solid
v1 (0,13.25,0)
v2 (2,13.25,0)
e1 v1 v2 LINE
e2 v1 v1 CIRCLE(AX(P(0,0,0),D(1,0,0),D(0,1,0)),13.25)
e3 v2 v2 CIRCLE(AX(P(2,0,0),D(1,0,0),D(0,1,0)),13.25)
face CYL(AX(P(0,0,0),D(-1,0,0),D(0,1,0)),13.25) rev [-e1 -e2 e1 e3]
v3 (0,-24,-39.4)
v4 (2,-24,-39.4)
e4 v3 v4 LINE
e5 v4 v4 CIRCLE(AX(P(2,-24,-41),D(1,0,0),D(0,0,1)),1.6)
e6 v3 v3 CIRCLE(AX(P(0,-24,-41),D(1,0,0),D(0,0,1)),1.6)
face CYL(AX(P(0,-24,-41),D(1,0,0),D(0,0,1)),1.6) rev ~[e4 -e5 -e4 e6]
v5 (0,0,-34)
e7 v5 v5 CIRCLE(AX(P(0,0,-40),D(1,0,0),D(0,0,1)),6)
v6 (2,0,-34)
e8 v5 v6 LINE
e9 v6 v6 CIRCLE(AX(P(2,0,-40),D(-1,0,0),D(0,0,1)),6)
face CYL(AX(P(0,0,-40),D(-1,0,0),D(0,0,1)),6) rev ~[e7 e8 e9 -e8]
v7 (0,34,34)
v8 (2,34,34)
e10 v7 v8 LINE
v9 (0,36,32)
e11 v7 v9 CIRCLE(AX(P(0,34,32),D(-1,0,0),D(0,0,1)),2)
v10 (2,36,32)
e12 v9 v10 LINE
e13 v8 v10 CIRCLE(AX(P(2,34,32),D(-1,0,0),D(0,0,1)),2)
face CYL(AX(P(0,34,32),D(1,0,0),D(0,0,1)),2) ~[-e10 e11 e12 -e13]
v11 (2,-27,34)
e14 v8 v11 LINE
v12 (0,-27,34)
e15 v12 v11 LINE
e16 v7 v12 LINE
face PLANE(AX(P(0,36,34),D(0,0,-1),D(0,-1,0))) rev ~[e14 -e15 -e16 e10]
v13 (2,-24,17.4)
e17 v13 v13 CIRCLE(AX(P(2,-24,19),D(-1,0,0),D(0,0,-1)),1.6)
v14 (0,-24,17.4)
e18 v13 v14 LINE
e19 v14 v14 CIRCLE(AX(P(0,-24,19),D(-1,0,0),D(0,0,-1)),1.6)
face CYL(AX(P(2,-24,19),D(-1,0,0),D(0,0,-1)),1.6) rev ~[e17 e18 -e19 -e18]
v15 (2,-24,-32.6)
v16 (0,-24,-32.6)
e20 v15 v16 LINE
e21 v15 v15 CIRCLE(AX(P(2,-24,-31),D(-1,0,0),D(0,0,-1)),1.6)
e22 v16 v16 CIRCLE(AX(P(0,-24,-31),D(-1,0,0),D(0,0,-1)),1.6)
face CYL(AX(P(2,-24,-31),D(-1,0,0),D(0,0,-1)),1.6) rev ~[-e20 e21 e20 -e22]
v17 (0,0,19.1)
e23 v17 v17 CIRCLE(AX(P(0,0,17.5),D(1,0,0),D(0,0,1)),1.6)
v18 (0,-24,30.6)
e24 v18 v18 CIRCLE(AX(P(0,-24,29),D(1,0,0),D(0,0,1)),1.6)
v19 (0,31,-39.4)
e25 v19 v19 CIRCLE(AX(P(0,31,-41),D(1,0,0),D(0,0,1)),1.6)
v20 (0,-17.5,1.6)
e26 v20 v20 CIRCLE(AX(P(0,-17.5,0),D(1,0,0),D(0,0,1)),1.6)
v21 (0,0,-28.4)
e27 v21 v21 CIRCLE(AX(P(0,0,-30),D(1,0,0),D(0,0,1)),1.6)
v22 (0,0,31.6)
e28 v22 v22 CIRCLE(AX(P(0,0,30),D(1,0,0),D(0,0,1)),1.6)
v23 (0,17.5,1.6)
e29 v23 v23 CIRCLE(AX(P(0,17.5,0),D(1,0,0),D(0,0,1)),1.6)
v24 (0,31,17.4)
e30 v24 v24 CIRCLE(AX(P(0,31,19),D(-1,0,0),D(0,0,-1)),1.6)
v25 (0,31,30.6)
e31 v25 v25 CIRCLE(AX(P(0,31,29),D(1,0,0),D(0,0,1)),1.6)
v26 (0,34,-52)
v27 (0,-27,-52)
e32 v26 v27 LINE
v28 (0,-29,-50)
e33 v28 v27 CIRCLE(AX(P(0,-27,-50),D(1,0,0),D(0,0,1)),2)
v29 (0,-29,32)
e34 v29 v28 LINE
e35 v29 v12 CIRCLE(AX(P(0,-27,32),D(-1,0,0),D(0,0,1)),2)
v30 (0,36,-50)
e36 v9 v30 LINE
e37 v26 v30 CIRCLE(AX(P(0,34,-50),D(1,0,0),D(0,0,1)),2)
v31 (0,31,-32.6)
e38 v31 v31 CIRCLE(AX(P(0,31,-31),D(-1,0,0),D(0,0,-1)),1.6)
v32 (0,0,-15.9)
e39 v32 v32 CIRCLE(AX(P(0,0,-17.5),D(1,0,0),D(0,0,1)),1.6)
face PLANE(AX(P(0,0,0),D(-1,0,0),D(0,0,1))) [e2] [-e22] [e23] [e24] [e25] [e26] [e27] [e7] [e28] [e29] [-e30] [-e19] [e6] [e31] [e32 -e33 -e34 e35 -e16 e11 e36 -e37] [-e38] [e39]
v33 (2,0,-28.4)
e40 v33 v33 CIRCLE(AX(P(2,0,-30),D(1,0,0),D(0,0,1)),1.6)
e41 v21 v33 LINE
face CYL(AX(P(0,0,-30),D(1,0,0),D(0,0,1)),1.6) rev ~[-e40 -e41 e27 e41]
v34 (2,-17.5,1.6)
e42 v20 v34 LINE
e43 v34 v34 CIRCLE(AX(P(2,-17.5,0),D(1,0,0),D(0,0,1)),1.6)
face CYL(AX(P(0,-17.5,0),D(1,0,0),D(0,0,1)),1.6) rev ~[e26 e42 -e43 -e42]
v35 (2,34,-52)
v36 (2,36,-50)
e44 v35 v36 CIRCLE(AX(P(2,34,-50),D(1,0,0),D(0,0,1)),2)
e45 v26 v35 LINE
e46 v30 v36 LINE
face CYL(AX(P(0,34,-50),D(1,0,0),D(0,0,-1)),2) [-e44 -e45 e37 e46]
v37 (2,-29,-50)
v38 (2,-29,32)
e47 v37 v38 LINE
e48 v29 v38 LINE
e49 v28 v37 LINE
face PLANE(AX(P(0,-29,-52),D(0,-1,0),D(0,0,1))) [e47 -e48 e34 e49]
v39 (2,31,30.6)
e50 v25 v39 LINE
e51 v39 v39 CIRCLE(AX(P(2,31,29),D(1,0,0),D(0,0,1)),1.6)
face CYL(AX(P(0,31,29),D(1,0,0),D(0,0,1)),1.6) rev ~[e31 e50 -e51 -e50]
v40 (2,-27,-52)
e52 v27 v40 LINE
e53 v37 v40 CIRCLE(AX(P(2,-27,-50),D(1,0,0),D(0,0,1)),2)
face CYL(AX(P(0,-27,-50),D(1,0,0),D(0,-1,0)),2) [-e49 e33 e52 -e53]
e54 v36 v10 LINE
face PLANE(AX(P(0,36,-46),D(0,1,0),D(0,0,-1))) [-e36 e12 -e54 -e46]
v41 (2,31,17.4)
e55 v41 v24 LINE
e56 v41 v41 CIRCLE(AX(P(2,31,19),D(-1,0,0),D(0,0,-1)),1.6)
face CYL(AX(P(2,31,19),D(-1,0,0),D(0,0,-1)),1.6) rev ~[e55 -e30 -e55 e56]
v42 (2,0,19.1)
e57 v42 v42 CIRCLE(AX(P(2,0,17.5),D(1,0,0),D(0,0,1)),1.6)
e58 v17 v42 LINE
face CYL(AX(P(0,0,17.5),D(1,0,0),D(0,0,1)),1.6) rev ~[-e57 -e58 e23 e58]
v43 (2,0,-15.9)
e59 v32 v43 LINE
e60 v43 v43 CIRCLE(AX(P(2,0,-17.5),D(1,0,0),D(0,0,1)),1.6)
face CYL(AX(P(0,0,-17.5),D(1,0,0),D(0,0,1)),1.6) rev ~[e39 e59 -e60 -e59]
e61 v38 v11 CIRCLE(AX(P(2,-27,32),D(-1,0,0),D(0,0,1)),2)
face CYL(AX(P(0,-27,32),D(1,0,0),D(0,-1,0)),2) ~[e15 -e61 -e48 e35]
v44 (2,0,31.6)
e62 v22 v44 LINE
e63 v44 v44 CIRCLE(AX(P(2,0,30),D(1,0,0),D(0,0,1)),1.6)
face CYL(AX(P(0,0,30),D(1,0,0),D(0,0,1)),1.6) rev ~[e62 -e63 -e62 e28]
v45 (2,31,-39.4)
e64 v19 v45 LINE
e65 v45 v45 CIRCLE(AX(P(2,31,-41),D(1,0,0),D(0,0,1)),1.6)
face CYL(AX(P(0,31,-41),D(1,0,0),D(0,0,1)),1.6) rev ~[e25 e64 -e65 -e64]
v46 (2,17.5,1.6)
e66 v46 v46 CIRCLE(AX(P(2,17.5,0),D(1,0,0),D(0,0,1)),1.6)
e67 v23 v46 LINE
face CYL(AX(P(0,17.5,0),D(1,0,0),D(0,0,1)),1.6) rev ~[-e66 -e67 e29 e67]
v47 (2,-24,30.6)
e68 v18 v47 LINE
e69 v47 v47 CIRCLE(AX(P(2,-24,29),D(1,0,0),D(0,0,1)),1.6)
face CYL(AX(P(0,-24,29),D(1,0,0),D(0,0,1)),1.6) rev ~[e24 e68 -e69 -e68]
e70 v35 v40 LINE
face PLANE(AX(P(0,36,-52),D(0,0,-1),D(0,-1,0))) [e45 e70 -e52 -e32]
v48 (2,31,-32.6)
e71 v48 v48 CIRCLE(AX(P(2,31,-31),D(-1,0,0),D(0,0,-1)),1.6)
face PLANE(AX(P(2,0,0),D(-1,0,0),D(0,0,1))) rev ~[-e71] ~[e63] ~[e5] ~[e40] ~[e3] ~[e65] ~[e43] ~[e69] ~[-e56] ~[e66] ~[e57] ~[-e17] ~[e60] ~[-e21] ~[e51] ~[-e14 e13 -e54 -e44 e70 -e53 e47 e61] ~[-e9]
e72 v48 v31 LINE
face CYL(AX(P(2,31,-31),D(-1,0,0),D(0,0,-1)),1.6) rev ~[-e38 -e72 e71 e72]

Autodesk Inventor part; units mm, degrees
ref_plane "YZ Plane" through (0, 0, 0) normal (1, 0, 0) x (0, 1, 0)
ref_plane "XZ Plane" through (0, 0, 0) normal (0, 1, 0) x (-1, 0, 0)
ref_plane "XY Plane" through (0, 0, 0) normal (0, 0, 1) x (1, 0, 0)
sketch "Sketch1" plane through (0, 0, 0) normal (1, 0, 0) x (0, 1, 0)
  circle A0 centre (0, 0) radius 13.25
  line L0 (36, -46) -> (36, 34)
  line L1 (36, 34) -> (-29, 34)
  line L2 (-29, 34) -> (-29, -46)
  line L3 (-29, -46) -> (36, -46)
  point P0 (0, -17.5)
  point P1 (17.5, 0)
  point P2 (0, 17.5)
  point P3 (-17.5, 0)
  point P4 (0, -30)
  point P5 (0, 30)
  point P6 (31, -41)
  point P7 (31, 29)
  point P8 (-24, 29)
  point P9 (-24, -41)
  dimension "d0" = 26.5
  dimension "d1" = 17.5
  dimension "d4" = 360
  dimension "d6" = 30
  dimension "d9" = 360
  dimension "d15" = 5
  dimension "d16" = 5
  dimension "d17" = 80
  dimension "d18" = 65
  dimension "d28" = 5
  dimension "d29" = 55
  dimension "d30" = 55
extrude "Extrusion1" add sketch "Sketch1" along normal blind 2
hole "Hole1" at (0, 0, -17.5) at (0, 17.5, 0) at (0, 0, 17.5) at (0, -17.5, 0) at (0, 0, -30) at (0, 0, 30) at (0, 31, -41) at (0, 31, 29) at (0, -24, 29) at (0, -24, -41) direction (1, 0, 0) diameter 3.2 depth 43.75 tip angle 118
sketch "Sketch2" plane through (0, 0, 0) normal (-1, 0, 0) x (0, 0, 1)
  circle A0 centre (-40, 0) radius 6
  line L0 (-46, 36) -> (34, 36) projected
  line L1 (-46, 36) -> (-52, 36)
  line L2 (-52, 36) -> (-52, -29)
  line L3 (-52, -29) -> (-46, -29)
  line L4 (-46, -29) -> (-46, 36)
  point P0 (0, 0)
  point P1 (0, 25.1294)
  point P2 (0, -32.6005)
  dimension "d31" = 40
  dimension "d32" = 12
  dimension "d33" = 6
extrude "Extrusion2" add sketch "Sketch2" against normal blind 2 contours L4 L3 L2 L1
extrude "Extrusion3" cut sketch "Sketch2" against normal blind 2 contours A0
sketch "Sketch3" plane through (2, 0, 0) normal (1, 0, 0) x (0, 0, -1)
  circle A0 centre (41, 31) radius 1.6 projected
  circle A1 centre (-29, 31) radius 1.6 projected
  circle A2 centre (-29, -24) radius 1.6 projected
  circle A3 centre (41, -24) radius 1.6 projected
  point P0 (0, 0)
  point P1 (-19, 31)
  point P2 (31, 31)
  point P3 (-19, -24)
  point P4 (31, -24)
  dimension "d38" = 10
  dimension "d39" = 10
  dimension "d40" = 10
  dimension "d41" = 10
hole "Hole2" at (2, 31, 19) at (2, 31, -31) at (2, -24, 19) at (2, -24, -31) direction (-1, 0, 0) diameter 3.2 depth 43.75 tip angle 118
fillet "Fillet1" radius 2 4 edges at (1, 36, 34) (1, 36, -52) (1, -29, -52) (1, -29, 34)
properties part number "motor" material "アルミニウム 6061"
